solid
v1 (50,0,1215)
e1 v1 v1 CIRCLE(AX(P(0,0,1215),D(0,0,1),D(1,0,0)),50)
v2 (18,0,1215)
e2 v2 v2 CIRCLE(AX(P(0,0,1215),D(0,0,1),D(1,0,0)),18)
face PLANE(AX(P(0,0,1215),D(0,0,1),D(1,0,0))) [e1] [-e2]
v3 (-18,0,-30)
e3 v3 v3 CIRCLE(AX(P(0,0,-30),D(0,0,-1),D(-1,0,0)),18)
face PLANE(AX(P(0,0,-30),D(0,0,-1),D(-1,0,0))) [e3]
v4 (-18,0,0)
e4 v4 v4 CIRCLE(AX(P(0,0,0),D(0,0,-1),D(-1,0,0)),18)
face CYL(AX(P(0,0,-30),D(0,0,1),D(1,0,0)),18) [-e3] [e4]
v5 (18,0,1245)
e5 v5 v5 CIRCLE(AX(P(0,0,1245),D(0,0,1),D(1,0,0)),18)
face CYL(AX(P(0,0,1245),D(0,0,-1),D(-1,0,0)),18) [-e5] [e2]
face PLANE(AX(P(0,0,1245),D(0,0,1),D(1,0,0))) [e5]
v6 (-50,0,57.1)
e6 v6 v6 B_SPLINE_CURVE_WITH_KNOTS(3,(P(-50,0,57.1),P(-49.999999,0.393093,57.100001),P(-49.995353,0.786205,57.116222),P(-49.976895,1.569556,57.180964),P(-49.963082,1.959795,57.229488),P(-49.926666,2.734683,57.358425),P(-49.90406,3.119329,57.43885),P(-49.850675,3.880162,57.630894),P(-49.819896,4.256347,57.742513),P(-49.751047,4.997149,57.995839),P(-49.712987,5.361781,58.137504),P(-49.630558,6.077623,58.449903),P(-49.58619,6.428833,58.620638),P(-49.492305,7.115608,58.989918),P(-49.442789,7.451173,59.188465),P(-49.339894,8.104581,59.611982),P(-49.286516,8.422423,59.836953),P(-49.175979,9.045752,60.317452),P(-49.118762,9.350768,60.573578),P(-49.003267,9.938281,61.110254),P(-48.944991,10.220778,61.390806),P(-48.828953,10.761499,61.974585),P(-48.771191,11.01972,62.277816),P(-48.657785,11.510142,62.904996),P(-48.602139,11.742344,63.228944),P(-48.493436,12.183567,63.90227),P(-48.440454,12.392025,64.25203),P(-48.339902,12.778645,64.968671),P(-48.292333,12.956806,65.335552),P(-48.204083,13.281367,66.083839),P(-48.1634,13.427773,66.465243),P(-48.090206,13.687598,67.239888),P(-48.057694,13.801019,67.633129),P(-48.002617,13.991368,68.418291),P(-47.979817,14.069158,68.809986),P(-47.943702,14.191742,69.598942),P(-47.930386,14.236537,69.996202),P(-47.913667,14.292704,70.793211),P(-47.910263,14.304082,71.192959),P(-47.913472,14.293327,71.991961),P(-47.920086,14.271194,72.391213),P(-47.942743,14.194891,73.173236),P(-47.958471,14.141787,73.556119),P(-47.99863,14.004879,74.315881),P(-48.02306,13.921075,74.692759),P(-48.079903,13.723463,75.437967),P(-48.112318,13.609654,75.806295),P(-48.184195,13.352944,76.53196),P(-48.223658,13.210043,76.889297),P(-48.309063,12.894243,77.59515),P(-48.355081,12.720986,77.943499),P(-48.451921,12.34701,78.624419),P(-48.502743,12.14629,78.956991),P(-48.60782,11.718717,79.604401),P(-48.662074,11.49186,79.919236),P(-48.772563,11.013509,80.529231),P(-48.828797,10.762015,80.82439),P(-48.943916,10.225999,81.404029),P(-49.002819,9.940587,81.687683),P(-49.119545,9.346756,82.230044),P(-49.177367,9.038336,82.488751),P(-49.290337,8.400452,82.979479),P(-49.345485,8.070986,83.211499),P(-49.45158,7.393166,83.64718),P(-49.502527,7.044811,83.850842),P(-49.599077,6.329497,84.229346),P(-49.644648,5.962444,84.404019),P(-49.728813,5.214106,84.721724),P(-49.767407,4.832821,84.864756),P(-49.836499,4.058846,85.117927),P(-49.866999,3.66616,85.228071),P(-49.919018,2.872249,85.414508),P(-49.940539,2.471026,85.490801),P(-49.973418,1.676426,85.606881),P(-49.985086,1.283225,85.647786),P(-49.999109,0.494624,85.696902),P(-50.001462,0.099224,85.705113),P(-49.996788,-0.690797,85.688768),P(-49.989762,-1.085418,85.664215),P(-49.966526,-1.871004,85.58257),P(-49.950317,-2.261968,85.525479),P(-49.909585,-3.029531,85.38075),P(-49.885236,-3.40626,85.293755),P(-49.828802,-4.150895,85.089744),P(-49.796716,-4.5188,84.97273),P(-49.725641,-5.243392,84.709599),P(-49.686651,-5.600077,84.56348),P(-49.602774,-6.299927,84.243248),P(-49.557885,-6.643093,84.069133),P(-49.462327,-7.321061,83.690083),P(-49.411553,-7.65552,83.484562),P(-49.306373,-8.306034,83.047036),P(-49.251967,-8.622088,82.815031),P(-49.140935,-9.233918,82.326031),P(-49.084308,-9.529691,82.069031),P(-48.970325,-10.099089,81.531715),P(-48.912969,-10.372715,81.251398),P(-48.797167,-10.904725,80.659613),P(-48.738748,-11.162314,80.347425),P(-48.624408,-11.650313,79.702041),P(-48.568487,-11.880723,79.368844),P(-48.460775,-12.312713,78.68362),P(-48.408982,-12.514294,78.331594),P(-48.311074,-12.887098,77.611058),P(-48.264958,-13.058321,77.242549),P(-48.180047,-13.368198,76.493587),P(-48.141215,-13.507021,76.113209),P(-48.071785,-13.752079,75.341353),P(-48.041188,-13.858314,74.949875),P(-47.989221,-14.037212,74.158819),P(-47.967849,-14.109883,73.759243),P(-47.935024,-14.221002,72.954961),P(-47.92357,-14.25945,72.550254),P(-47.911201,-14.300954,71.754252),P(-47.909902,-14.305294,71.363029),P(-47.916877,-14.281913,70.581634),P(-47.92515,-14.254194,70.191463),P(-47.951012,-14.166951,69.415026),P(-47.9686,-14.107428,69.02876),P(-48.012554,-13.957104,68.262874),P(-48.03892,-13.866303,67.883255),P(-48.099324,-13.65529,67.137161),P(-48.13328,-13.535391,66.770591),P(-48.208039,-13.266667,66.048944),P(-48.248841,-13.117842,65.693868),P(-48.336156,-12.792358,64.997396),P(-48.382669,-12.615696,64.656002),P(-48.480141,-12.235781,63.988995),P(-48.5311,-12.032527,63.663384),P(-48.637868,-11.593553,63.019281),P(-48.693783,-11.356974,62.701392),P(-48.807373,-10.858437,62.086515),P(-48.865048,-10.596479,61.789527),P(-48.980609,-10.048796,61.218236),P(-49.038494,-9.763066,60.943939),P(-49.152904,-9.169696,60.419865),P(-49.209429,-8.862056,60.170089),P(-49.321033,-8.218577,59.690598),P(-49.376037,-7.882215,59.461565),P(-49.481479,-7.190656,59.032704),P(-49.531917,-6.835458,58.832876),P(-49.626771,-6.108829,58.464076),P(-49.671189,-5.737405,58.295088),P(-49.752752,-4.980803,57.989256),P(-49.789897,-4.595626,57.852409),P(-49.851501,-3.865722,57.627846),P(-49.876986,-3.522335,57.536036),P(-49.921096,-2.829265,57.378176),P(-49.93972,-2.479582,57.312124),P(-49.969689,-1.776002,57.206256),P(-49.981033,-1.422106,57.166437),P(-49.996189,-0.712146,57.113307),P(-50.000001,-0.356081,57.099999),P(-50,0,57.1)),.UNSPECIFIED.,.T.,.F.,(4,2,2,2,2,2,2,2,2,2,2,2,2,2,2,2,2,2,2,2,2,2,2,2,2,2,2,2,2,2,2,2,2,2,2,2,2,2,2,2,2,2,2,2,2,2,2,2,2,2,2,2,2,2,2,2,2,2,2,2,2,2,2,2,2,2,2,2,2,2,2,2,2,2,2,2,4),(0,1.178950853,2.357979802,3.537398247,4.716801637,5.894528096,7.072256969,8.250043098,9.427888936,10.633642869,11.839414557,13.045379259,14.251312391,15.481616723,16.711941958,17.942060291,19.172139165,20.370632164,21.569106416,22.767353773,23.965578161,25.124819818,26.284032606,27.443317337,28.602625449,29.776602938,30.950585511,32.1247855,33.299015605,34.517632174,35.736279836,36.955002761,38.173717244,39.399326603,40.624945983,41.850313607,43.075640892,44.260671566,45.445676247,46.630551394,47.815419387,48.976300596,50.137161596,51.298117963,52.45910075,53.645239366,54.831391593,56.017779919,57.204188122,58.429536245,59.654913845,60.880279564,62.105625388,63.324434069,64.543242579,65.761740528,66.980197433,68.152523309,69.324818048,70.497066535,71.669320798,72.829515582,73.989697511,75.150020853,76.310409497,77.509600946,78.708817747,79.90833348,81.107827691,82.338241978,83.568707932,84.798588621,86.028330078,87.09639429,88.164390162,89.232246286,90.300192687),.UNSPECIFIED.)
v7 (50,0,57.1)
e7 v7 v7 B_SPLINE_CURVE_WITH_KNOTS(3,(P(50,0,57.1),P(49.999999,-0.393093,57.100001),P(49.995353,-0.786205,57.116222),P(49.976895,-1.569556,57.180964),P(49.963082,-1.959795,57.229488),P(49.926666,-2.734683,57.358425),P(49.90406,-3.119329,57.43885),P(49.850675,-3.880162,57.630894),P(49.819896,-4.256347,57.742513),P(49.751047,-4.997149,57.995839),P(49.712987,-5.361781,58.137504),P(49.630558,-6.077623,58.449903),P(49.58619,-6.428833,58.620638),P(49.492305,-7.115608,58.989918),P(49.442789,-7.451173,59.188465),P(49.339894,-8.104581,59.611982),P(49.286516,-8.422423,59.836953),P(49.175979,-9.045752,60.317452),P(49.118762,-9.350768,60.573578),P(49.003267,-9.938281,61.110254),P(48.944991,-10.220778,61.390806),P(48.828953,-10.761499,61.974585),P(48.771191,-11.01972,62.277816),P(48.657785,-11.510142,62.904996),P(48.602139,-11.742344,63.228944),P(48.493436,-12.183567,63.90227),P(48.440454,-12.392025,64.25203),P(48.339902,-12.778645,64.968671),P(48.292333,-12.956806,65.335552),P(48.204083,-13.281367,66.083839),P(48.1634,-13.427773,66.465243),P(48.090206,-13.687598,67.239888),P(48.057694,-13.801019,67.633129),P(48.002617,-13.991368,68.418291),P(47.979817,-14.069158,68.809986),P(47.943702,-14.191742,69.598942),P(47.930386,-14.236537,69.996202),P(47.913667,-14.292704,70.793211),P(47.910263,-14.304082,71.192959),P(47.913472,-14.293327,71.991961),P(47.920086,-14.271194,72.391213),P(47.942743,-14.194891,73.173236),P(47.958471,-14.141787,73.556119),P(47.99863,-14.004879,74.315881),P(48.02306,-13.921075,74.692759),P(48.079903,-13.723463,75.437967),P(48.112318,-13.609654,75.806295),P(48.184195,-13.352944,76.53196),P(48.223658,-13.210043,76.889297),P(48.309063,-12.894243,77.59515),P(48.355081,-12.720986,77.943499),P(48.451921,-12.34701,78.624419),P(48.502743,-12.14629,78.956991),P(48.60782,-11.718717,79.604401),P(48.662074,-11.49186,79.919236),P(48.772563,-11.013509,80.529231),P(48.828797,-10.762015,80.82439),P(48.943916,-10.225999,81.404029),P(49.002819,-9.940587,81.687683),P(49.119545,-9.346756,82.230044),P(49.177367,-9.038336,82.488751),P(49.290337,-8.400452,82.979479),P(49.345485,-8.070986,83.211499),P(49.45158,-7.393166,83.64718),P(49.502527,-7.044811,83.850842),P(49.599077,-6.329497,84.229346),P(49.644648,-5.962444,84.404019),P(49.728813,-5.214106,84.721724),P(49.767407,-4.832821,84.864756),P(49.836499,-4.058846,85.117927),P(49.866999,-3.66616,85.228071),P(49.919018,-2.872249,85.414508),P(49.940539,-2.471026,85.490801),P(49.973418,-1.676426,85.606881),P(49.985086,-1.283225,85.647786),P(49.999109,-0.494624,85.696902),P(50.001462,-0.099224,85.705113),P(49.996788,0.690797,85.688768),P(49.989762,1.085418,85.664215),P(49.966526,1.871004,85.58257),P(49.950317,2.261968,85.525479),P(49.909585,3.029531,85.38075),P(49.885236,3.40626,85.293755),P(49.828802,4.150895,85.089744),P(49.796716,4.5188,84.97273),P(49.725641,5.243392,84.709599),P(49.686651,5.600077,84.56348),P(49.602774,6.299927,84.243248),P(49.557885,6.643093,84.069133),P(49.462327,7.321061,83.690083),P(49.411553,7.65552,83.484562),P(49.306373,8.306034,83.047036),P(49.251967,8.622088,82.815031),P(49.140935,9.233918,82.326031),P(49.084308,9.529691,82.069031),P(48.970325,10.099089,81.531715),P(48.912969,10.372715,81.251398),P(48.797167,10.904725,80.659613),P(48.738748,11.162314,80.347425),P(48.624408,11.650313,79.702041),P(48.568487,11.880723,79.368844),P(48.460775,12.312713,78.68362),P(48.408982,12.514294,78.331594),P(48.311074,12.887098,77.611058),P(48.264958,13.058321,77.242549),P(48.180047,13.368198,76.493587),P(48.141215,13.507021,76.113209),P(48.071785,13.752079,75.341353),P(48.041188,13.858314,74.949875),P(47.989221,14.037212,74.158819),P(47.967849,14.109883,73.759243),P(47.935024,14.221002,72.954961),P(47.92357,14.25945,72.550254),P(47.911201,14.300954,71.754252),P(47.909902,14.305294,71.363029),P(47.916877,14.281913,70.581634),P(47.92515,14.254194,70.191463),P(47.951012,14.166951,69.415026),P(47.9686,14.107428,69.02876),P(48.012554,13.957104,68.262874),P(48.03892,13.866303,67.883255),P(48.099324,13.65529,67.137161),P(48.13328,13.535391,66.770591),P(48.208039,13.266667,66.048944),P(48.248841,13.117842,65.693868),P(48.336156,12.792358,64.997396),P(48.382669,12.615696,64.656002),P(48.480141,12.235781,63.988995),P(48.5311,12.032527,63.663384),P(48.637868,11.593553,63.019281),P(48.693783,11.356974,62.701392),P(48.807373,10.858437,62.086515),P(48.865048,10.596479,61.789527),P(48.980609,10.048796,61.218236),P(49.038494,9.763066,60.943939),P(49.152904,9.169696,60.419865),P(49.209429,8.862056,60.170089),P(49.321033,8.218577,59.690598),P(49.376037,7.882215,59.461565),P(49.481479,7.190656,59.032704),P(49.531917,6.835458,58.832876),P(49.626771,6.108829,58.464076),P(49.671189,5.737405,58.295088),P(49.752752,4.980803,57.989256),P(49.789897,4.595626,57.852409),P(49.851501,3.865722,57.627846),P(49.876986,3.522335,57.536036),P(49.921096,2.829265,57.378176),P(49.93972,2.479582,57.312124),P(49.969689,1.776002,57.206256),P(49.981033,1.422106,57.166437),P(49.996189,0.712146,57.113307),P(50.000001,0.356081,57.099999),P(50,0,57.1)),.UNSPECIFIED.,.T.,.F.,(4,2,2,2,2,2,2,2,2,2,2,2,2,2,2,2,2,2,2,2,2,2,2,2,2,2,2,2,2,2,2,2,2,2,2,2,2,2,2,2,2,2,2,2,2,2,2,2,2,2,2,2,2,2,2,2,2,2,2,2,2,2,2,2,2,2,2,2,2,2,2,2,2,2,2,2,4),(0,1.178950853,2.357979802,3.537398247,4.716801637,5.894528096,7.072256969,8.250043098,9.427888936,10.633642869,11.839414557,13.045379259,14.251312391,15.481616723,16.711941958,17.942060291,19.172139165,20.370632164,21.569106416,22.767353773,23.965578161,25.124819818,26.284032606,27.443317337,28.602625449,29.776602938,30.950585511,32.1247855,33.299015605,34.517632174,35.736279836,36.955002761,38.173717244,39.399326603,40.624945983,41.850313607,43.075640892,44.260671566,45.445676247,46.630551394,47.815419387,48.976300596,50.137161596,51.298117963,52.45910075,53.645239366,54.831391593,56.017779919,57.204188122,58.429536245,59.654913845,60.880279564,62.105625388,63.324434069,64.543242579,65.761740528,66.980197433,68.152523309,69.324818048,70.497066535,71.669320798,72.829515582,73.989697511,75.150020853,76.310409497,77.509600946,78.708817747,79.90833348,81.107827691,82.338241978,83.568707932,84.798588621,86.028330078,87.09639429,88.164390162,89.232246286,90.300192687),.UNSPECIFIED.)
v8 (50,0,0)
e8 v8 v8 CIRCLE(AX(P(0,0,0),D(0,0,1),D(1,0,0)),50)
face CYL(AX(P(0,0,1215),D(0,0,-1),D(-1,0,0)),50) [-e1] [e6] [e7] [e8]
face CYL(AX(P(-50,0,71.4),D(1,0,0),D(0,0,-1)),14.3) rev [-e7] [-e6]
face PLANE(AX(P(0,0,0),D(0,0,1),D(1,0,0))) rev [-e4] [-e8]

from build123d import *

# Parameters (mm, degrees)
ESQUISSE1_R                  = 50
BOSS_EXTRU_1_DEPTH           = 1215
ESQUISSE2_R                  = 18
BOSS_EXTRU_2_DEPTH           = 30
BOSS_EXTRU_3_START           = 30
ESQUISSE3_R                  = 18
BOSS_EXTRU_3_DEPTH           = 30
ENL_V_MAT_EXTRU_1_DEPTH      = 1248.00641538
ENL_V_MAT_EXTRU_1_DEPTH_BACK = 1248.00641538
ESQUISSE6_R                  = 14.3


with BuildPart() as part:
    # Esquisse1 → Boss.-Extru.1 (new body)
    with BuildSketch(Plane.XY):
        Circle(ESQUISSE1_R)
    extrude(amount=BOSS_EXTRU_1_DEPTH)

    # Esquisse2 → Boss.-Extru.2 (add)
    with BuildSketch(Plane(origin=(0, 0, 0), x_dir=(-1, 0, 0), z_dir=(0, 0, -1))):
        Circle(ESQUISSE2_R)
    extrude(amount=BOSS_EXTRU_2_DEPTH)

    # Esquisse3 → Boss.-Extru.3 (add)
    with BuildSketch(Plane.XY.offset(1215).offset(BOSS_EXTRU_3_START)):
        with Locations(Location((0, 0, 0), (0, 0, 180))):
            Circle(ESQUISSE3_R)
    extrude(amount=-BOSS_EXTRU_3_DEPTH)

    # Esquisse6 → Enlèv. mat.-Extru.1 (cut, two sides: drawn at the far end of the back side and taken through both)
    with BuildSketch(Plane(origin=(0, 0, 0), x_dir=(0, 0, -1), z_dir=(1, 0, 0)).offset(-ENL_V_MAT_EXTRU_1_DEPTH_BACK)):
        with Locations((-71.4, 0)):
            Circle(ESQUISSE6_R)
    extrude(amount=ENL_V_MAT_EXTRU_1_DEPTH + ENL_V_MAT_EXTRU_1_DEPTH_BACK, mode=Mode.SUBTRACT)


solid = part.part
